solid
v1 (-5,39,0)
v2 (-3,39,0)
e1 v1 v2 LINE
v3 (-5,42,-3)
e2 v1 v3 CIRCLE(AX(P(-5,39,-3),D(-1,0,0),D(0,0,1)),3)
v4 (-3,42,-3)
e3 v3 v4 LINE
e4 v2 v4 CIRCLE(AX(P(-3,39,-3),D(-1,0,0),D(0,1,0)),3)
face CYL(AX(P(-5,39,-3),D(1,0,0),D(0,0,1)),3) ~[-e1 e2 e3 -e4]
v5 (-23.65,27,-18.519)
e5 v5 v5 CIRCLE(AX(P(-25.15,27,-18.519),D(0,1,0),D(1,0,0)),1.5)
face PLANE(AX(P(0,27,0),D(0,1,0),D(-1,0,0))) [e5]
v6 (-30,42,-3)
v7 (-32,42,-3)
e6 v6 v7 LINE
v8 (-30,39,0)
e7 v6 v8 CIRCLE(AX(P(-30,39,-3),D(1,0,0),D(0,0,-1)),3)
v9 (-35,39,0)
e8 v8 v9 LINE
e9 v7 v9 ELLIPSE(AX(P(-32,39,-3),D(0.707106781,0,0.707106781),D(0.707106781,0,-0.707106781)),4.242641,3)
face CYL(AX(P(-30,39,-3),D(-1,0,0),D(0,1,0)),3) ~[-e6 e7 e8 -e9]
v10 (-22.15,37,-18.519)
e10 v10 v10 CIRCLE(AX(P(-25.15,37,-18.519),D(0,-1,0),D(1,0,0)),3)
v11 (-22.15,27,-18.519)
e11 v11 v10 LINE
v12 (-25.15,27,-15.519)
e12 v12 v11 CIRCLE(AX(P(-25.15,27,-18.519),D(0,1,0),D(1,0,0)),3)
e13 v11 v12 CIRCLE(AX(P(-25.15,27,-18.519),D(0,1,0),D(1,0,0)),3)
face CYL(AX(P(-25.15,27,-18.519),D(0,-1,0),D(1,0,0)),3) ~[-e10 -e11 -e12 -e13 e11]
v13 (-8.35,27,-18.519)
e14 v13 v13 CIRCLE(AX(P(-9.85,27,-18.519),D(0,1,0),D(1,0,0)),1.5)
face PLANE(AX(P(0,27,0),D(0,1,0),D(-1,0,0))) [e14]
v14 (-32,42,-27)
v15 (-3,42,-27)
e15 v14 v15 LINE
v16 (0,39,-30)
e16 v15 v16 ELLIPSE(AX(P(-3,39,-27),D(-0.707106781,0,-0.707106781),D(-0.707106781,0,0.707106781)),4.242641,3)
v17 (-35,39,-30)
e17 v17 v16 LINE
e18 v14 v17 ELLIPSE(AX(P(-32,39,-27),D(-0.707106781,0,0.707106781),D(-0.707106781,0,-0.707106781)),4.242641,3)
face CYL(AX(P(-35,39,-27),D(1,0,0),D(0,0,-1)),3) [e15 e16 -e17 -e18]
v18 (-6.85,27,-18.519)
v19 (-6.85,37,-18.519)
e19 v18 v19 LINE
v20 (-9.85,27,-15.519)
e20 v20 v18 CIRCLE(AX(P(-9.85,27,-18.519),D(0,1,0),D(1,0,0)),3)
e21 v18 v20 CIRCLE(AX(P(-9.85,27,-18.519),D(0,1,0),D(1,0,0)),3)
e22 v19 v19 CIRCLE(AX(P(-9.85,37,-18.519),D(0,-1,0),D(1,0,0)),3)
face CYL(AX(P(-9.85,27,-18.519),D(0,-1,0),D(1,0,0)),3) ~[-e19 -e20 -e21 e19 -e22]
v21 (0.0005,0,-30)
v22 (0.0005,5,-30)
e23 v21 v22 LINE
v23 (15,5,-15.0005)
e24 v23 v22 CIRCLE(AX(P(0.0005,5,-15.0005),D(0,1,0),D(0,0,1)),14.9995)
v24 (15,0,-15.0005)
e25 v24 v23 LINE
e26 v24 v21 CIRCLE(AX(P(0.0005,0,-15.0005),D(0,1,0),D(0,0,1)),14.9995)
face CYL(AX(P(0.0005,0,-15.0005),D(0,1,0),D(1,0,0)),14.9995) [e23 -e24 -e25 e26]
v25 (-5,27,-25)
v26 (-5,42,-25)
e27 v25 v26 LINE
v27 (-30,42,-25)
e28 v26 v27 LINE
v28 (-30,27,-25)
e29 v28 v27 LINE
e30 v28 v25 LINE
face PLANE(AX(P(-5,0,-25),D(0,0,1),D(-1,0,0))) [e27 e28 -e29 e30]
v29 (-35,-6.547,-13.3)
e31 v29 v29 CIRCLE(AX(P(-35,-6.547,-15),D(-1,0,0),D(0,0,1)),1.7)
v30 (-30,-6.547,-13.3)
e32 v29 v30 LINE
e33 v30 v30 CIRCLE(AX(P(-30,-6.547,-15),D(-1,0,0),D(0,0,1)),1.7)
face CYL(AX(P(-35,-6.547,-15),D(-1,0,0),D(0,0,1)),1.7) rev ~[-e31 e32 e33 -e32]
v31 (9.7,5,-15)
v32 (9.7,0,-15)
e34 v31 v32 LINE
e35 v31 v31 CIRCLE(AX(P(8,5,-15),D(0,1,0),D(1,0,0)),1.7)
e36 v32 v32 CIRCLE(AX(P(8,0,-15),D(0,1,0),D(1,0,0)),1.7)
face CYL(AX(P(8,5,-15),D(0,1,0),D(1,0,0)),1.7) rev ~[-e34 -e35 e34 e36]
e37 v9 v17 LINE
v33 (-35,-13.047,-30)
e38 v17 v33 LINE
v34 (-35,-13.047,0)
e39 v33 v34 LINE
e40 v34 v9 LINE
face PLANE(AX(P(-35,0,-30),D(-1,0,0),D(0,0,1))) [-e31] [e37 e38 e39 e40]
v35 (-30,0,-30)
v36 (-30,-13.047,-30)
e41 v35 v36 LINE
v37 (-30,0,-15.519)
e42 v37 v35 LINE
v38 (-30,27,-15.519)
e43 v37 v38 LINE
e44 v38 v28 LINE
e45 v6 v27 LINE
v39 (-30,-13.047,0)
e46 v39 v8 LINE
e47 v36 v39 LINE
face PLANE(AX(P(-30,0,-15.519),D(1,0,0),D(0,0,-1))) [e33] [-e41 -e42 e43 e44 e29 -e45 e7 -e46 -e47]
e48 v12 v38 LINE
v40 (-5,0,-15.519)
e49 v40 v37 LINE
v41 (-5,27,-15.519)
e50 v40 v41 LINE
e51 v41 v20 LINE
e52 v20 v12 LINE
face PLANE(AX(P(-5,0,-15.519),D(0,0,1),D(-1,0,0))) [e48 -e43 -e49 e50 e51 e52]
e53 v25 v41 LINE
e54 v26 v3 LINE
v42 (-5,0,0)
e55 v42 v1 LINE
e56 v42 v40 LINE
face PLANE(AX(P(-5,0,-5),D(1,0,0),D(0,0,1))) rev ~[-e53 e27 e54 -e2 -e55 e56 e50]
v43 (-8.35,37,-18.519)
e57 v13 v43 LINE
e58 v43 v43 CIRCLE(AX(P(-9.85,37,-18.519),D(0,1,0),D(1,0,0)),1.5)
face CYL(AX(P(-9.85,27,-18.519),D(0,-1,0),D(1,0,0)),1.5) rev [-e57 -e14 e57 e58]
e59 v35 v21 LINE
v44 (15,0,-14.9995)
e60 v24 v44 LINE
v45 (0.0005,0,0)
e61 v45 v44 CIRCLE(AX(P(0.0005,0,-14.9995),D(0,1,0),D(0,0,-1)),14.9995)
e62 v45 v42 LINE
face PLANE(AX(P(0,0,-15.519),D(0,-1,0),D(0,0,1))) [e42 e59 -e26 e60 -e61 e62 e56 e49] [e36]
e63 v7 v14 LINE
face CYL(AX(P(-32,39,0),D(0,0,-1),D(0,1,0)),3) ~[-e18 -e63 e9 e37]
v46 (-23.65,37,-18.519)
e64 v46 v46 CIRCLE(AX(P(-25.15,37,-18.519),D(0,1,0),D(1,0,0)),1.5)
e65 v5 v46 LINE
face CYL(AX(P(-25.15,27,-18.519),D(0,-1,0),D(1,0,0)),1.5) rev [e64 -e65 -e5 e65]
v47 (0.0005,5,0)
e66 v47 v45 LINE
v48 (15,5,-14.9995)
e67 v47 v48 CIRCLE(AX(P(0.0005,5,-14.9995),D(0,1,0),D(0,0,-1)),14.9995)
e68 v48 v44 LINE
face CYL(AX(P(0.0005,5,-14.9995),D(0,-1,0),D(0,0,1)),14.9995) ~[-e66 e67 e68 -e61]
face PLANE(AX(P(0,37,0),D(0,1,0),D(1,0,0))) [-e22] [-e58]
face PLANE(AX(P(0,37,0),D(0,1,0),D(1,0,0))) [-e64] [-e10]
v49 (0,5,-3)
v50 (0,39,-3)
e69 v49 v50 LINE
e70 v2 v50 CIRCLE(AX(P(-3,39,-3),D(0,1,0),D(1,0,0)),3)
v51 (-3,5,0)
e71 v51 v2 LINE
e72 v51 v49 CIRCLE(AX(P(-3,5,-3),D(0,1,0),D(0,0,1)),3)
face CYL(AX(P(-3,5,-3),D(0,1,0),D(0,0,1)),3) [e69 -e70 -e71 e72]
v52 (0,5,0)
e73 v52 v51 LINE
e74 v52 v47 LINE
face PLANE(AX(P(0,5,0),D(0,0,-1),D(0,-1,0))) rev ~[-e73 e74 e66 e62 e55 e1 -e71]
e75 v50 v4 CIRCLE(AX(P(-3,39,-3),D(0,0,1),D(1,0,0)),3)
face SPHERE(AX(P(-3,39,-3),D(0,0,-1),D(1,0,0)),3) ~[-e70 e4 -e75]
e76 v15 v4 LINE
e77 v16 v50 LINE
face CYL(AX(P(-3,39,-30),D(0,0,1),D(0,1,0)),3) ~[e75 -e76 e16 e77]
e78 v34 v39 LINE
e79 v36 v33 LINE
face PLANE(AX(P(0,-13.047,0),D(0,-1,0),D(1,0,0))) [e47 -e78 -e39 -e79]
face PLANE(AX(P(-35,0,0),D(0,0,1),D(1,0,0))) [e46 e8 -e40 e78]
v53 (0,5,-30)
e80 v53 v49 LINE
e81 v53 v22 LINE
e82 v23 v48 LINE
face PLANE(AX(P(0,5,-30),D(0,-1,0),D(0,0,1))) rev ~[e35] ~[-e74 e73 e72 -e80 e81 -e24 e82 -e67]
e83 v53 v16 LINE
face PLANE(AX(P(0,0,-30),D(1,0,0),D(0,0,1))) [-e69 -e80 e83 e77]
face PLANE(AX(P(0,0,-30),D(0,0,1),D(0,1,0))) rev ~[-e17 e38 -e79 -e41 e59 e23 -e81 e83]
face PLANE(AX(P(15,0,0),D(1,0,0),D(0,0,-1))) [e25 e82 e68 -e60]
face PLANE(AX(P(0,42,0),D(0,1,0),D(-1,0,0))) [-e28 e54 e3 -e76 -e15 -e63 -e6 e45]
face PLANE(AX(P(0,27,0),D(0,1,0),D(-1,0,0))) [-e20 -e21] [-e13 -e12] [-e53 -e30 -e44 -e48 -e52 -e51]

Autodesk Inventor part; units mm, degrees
ref_plane "YZ Plane" through (0, 0, 0) normal (1, 0, 0) x (0, 1, 0)
ref_plane "XZ Plane" through (0, 0, 0) normal (0, 1, 0) x (-1, 0, 0)
ref_plane "XY Plane" through (0, 0, 0) normal (0, 0, 1) x (1, 0, 0)
sketch "Sketch1" plane through (0, 0, 0) normal (0, 1, 0) x (-1, 0, 0)
  line L0 (0, 0) -> (35, 0) construction
  line L1 (35, 0) -> (35, -30)
  line L2 (35, -30) -> (0, -30)
  line L3 (0, -30) -> (0, 0)
  line L4 (30, -25) -> (30, -5)
  line L5 (30, -5) -> (5, -5) construction
  line L6 (5, -5) -> (5, -25)
  line L7 (5, -25) -> (30, -25)
  line L8 (30, -5) -> (30, 0)
  line L9 (5, -5) -> (5, 0)
  line L10 (5, 0) -> (0, 0)
  line L11 (30, 0) -> (35, 0)
  dimension "d0" = 35
  dimension "d1" = 30
  dimension "d2" = 5
extrude "Extrusion1" add sketch "Sketch1" along normal blind 42
sketch "Sketch2" plane through (0, 0, 0) normal (0, 1, 0) x (-1, 0, 0)
  line L0 (30, 0) -> (30, -25) projected
  line L1 (5, -25) -> (5, 0) projected
  line L2 (30, -25) -> (5, -25)
  line L3 (5, -25) -> (5, -15.519)
  line L4 (5, -15.519) -> (30, -15.519)
  line L5 (30, -15.519) -> (30, -25)
  point P0 (0, 0)
  dimension "d5" = 9.481
extrude "Extrusion2" add sketch "Sketch2" along normal blind 27
sketch "Sketch3" plane through (0, 27, 0) normal (0, 1, 0) x (1, 0, 0)
  circle A0 centre (-25.15, 18.519) radius 1.5
  line L0 (-30, 0) -> (-30, 15.519) projected
  circle A1 centre (-25.15, 18.519) radius 3
  line L1 (-30, 15.519) -> (-5, 15.519) projected
  line L2 (-17.5, 15.519) -> (-17.5, 30) construction
  line L3 (0, 30) -> (-35, 30) construction
  circle A2 centre (-9.85, 18.519) radius 1.5
  circle A3 centre (-9.85, 18.519) radius 3
  point P0 (0, 0)
  dimension "d8" = 3
  dimension "d9" = 4.85
  dimension "d10" = 6
extrude "Extrusion3" add sketch "Sketch3" along normal blind 10
sketch "Sketch4" plane through (0, 0, 0) normal (0, -1, 0) x (1, 0, 0)
  line L0 (-35, -30) -> (-35, 0) projected
  line L1 (0, -30) -> (-35, -30) projected
  line L2 (-35, 0) -> (-30, 0)
  line L3 (-30, 0) -> (-30, -30)
  line L4 (-30, -30) -> (-35, -30)
  line L5 (-35, -30) -> (-35, 0)
  line L6 (-30, 0) -> (-30, -15.519) projected
  point P0 (0, 0)
extrude "Extrusion4" add sketch "Sketch4" along normal blind 13.047
sketch "Sketch5" plane through (0, 0, 0) normal (1, 0, 0) x (0, 0, -1)
  line L0 (15.519, 0) -> (0, 0) projected
  line L1 (30, 0) -> (30, 42) projected
  line L2 (0, 0) -> (30, 0)
  line L3 (30, 0) -> (30, 5)
  line L4 (30, 5) -> (0, 5)
  line L5 (0, 5) -> (0, 0)
  dimension "d15" = 5
extrude "Extrusion5" add sketch "Sketch5" along normal blind 15
sketch "Sketch6" plane through (0, 5, 0) normal (0, 1, 0) x (1, 0, 0)
  circle A0 centre (8, 7) radius 3.5 construction
  circle A1 centre (8, 23) radius 3.5 construction
  line L0 (8, 7) -> (8, 23) construction
  line L1 (8, 15) -> (15, 15) construction
  line L2 (15, 0) -> (15, 30) construction
  line L3 (15, 30) -> (15, 0) construction
  line L4 (0, 30) -> (15, 30) construction
  circle A2 centre (8, 15) radius 1.7
  point P0 (0, 0)
  dimension "d18" = 7
  dimension "d19" = 7
  dimension "d20" = 7
  dimension "d21" = 7
  dimension "d25" = 3.4
extrude "Extrusion6" cut sketch "Sketch6" against normal up to surface (5 mm away) from surface at 0
sketch "Sketch7" plane through (-35, 42, -30) normal (-1, 0, 0) x (0, 0, 1)
  point P0 (30, -42)
sketch "Sketch8" plane through (-35, 42, -30) normal (-1, 0, 0) x (0, 0, 1)
  line L0 (0, -55.047) -> (0, 0) projected
  line L1 (30, -55.047) -> (30, 0) projected
  line L2 (0, -55.047) -> (30, -55.047) construction
  line L3 (30, -55.047) -> (30, -42.047) construction
  line L4 (30, -42.047) -> (0, -42.047) construction
  line L5 (0, -42.047) -> (0, -55.047) construction
  circle A0 centre (15, -48.547) radius 1.7
  point P0 (30, -42)
  dimension "d24" = 13
  dimension "d26" = 3.4
  dimension "d27" = 6.5
  dimension "d28" = 15
extrude "Extrusion7" cut sketch "Sketch8" against normal up to next
fillet "Fillet1" radius 3 6 edges at (0, 42, -15) (0, 23.5, 0) (-35, 42, -15) (-17.5, 42, -30) (-2.5, 42, 0) (-32.5, 42, 0)
fillet "Fillet2" radius 15 2 edges at (15, 2.5, 0) (15, 2.5, -30)
equation "\"d21\" = d20"
properties part number "imu_mount"
